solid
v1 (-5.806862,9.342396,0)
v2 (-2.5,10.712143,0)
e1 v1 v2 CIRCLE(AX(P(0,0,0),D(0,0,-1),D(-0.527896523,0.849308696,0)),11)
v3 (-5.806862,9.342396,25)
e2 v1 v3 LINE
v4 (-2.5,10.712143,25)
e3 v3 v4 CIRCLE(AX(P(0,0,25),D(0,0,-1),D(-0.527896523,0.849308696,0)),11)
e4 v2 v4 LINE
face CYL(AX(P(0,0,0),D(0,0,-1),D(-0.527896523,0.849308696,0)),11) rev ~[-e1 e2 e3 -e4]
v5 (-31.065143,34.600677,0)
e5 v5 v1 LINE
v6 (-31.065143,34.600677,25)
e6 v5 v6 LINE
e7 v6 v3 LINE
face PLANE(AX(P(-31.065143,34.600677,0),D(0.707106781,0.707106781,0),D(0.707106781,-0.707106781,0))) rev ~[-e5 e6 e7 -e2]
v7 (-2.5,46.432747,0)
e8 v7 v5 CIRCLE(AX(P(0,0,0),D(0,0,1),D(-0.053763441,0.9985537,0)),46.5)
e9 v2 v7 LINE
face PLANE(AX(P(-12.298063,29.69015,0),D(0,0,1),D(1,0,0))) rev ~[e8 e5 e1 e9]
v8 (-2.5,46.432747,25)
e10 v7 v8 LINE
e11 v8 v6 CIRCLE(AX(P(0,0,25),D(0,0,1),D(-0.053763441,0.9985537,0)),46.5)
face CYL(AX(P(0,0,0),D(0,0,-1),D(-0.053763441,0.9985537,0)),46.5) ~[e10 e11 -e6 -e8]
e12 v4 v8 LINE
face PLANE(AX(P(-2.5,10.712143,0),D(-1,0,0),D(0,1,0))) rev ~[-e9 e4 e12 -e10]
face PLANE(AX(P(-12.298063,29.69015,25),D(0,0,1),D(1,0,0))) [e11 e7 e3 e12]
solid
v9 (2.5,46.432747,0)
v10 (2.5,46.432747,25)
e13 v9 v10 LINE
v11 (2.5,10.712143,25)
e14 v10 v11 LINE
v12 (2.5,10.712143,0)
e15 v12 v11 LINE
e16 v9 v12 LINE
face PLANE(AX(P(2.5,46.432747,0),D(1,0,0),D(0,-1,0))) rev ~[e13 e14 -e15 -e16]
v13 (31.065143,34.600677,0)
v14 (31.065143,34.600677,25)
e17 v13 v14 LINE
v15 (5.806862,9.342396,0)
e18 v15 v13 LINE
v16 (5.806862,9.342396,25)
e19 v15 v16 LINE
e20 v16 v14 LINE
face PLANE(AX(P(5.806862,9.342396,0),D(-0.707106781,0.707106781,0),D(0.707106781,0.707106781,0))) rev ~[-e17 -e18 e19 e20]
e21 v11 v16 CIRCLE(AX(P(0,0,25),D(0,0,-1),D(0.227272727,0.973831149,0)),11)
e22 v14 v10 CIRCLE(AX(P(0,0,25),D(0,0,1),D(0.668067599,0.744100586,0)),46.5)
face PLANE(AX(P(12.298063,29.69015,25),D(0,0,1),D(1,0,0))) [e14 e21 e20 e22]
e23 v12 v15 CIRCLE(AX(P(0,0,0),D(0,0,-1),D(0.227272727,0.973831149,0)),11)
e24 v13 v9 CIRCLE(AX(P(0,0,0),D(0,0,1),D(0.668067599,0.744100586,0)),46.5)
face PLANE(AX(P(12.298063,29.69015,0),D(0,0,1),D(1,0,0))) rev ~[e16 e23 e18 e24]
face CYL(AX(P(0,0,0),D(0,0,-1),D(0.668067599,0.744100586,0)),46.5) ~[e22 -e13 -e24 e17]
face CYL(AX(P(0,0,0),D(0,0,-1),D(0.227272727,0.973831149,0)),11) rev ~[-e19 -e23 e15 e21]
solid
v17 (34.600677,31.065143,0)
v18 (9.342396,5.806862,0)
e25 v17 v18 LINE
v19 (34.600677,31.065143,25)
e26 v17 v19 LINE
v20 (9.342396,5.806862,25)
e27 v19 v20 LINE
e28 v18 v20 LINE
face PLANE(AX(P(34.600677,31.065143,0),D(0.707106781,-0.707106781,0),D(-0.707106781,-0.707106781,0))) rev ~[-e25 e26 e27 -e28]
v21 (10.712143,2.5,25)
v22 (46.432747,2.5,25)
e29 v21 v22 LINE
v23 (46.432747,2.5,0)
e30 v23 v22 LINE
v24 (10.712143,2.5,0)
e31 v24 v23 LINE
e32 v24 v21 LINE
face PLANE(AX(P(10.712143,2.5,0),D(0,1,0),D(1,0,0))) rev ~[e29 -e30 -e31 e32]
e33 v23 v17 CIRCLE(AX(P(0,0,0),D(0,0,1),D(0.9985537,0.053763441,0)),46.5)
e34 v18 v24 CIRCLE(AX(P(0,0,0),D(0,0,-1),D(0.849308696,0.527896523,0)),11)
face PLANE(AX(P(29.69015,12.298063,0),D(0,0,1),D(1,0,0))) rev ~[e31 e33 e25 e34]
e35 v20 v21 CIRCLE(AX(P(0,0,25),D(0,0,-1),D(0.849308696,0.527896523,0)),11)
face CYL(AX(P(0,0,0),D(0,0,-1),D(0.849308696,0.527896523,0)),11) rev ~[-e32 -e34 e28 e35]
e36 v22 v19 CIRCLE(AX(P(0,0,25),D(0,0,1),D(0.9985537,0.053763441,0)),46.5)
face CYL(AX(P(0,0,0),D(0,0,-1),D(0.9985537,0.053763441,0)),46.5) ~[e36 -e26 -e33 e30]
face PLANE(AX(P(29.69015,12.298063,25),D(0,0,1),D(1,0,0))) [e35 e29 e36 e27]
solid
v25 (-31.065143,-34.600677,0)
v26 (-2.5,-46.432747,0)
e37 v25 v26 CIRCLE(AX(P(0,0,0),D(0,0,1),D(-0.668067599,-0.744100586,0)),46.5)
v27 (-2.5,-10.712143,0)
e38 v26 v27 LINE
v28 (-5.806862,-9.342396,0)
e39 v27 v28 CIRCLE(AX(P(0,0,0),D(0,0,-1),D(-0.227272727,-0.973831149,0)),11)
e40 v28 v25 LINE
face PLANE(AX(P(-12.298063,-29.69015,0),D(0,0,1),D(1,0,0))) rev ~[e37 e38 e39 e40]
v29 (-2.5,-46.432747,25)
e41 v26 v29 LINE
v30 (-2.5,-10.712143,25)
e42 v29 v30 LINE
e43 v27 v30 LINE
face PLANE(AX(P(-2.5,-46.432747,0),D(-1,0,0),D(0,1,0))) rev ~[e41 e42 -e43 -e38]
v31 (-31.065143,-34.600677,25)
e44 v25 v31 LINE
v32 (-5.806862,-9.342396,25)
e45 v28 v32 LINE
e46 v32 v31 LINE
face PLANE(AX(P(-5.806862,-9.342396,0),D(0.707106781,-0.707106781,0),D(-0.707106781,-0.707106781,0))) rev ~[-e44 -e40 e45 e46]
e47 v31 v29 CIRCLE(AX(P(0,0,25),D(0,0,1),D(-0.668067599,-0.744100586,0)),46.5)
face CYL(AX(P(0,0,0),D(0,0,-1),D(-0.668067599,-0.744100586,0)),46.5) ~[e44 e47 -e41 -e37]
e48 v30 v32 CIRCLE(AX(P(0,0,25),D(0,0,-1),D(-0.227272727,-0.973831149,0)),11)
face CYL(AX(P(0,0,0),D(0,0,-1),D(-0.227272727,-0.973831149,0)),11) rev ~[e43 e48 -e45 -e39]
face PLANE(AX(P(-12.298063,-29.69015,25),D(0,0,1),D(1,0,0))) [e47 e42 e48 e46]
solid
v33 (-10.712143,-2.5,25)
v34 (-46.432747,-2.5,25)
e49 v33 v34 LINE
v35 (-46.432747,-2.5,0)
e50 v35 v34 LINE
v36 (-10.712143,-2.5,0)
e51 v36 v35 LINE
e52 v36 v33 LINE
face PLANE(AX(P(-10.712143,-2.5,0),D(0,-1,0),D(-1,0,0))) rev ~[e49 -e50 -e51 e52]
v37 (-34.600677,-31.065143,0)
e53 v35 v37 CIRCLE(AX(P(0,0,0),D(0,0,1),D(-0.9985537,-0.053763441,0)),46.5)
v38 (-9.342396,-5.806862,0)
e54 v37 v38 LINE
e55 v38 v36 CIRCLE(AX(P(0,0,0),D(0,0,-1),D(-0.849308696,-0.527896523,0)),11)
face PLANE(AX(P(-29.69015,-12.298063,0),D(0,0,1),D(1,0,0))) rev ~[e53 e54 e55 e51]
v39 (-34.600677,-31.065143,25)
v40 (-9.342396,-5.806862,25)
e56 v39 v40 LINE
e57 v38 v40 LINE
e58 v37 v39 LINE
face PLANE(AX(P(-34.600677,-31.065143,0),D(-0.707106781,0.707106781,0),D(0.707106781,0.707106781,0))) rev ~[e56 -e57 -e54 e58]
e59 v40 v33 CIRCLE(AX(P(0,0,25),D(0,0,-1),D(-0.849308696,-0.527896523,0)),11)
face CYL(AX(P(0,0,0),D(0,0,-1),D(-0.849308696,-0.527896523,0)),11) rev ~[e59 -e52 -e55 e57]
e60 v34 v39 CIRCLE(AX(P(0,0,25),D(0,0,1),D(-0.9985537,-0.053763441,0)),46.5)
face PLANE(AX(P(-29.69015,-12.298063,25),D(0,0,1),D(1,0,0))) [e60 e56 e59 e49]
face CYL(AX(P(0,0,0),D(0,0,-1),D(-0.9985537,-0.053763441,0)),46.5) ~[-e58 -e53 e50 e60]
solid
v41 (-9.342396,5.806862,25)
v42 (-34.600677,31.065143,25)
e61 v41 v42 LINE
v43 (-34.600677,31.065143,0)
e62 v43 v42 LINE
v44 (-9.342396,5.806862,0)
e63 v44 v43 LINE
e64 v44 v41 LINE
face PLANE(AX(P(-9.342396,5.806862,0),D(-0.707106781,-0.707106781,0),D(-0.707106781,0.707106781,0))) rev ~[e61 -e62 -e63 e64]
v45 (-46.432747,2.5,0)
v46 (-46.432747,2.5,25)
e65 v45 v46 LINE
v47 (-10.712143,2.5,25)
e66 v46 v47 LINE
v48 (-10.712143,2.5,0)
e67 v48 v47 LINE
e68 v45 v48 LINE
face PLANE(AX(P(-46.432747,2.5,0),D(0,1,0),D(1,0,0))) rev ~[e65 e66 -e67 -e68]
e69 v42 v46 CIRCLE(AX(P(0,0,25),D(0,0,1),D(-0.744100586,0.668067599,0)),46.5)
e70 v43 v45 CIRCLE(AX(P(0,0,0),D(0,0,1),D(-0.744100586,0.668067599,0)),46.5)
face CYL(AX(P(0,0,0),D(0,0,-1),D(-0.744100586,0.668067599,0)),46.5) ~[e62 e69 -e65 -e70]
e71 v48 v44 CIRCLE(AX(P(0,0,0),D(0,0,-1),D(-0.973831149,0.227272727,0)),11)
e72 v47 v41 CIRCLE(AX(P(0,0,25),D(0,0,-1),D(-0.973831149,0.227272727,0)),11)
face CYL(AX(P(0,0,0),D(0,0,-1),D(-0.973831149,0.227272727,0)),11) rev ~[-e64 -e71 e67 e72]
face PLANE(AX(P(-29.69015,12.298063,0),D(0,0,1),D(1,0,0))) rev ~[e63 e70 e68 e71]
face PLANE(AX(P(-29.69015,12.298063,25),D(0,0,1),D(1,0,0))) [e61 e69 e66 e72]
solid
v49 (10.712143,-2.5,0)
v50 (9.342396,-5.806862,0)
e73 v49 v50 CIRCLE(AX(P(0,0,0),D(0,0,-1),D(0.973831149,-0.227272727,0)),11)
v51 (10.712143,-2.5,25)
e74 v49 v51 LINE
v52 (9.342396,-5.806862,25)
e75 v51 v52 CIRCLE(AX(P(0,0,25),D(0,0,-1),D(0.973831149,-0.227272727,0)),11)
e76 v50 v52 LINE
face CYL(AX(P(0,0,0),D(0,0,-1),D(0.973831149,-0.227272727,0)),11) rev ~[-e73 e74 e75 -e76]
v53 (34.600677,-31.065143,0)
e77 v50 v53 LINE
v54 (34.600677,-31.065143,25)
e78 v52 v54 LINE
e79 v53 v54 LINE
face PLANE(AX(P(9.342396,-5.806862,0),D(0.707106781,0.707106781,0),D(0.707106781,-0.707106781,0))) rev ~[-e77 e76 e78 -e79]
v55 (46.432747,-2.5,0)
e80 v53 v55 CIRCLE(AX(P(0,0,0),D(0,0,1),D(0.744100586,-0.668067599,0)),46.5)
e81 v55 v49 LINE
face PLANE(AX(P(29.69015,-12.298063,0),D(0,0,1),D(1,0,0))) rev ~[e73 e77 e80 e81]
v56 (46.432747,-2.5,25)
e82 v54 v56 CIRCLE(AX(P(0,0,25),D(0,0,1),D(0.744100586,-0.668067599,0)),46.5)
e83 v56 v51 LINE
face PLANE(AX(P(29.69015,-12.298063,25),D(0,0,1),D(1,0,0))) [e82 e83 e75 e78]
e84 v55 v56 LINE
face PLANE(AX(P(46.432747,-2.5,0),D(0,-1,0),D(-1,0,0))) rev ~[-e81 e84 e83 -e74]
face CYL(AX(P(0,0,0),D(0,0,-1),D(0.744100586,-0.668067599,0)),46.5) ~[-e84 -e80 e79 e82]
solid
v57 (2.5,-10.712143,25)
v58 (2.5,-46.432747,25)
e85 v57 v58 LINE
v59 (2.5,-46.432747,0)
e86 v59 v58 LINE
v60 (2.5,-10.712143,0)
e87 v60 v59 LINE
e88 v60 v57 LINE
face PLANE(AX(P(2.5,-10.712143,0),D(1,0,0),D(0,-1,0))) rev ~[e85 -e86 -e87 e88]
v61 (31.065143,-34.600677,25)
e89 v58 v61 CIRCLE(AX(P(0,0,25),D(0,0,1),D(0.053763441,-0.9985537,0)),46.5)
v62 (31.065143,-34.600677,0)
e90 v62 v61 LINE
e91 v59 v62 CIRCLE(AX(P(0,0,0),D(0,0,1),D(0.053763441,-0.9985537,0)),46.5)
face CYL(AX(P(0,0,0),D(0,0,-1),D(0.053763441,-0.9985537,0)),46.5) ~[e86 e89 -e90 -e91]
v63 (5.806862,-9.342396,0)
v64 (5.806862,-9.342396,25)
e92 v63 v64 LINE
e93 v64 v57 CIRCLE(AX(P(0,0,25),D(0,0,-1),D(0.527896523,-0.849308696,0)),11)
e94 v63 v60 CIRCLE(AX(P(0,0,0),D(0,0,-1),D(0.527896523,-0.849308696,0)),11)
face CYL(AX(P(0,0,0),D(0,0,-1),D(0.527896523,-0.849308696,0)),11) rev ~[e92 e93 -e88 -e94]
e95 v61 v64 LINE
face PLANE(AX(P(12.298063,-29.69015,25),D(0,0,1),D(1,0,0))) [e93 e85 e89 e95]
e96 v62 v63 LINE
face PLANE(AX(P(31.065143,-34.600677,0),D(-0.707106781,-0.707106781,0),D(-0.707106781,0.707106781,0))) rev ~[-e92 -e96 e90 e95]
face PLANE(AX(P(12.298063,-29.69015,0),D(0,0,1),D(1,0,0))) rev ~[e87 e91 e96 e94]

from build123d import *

# Parameters (mm, degrees)
F1_DEPTH = 25


with BuildPart() as f1:
    # F0 (on Top) → F1 (new body)
    with BuildSketch(Plane.XY):
        with BuildLine():
            Line((-9.3423956567, 5.8068617508), (-34.6006772717, 31.0651433658))
            ThreePointArc((-34.6006772717, 31.0651433658), (-42.9603982618, 17.794779605), (-46.432747065, 2.5))
            Line((-46.432747065, 2.5), (-10.7121426428, 2.5))
            ThreePointArc((-10.7121426428, 2.5), (-10.1626748576, 4.209517756), (-9.3423956567, 5.8068617508))
        make_face()
    extrude(amount=F1_DEPTH)


with BuildPart() as f1b:
    # F0 (on Top) → F1, piece 2 (new body)
    with BuildSketch(Plane.XY):
        with BuildLine():
            Line((-2.5, 10.7121426428), (-2.5, 46.432747065))
            ThreePointArc((-2.5, 46.432747065), (-17.794779605, 42.9603982618), (-31.0651433658, 34.6006772717))
            Line((-31.0651433658, 34.6006772717), (-5.8068617508, 9.3423956567))
            ThreePointArc((-5.8068617508, 9.3423956567), (-4.209517756, 10.1626748576), (-2.5, 10.7121426428))
        make_face()
    extrude(amount=F1_DEPTH)


with BuildPart() as f1c:
    # F0 (on Top) → F1, piece 3 (new body)
    with BuildSketch(Plane.XY):
        with BuildLine():
            Line((5.8068617508, 9.3423956567), (31.0651433658, 34.6006772717))
            ThreePointArc((31.0651433658, 34.6006772717), (17.794779605, 42.9603982618), (2.5, 46.432747065))
            Line((2.5, 46.432747065), (2.5, 10.7121426428))
            ThreePointArc((2.5, 10.7121426428), (4.209517756, 10.1626748576), (5.8068617508, 9.3423956567))
        make_face()
    extrude(amount=F1_DEPTH)


with BuildPart() as f1d:
    # F0 (on Top) → F1, piece 4 (new body)
    with BuildSketch(Plane.XY):
        with BuildLine():
            Line((10.7121426428, 2.5), (46.432747065, 2.5))
            ThreePointArc((46.432747065, 2.5), (42.9603982618, 17.794779605), (34.6006772717, 31.0651433658))
            Line((34.6006772717, 31.0651433658), (9.3423956567, 5.8068617508))
            ThreePointArc((9.3423956567, 5.8068617508), (10.1626748576, 4.209517756), (10.7121426428, 2.5))
        make_face()
    extrude(amount=F1_DEPTH)


with BuildPart() as f1e:
    # F0 (on Top) → F1, piece 5 (new body)
    with BuildSketch(Plane.XY):
        with BuildLine():
            ThreePointArc((34.6006772717, -31.0651433658), (42.9603982618, -17.794779605), (46.432747065, -2.5))
            Line((46.432747065, -2.5), (10.7121426428, -2.5))
            ThreePointArc((10.7121426428, -2.5), (10.1626748576, -4.209517756), (9.3423956567, -5.8068617508))
            Line((9.3423956567, -5.8068617508), (34.6006772717, -31.0651433658))
        make_face()
    extrude(amount=F1_DEPTH)


with BuildPart() as f1f:
    # F0 (on Top) → F1, piece 6 (new body)
    with BuildSketch(Plane.XY):
        with BuildLine():
            ThreePointArc((2.5, -46.432747065), (17.794779605, -42.9603982618), (31.0651433658, -34.6006772717))
            Line((31.0651433658, -34.6006772717), (5.8068617508, -9.3423956567))
            ThreePointArc((5.8068617508, -9.3423956567), (4.209517756, -10.1626748576), (2.5, -10.7121426428))
            Line((2.5, -10.7121426428), (2.5, -46.432747065))
        make_face()
    extrude(amount=F1_DEPTH)


with BuildPart() as f1g:
    # F0 (on Top) → F1, piece 7 (new body)
    with BuildSketch(Plane.XY):
        with BuildLine():
            ThreePointArc((-31.0651433658, -34.6006772717), (-17.794779605, -42.9603982618), (-2.5, -46.432747065))
            Line((-2.5, -46.432747065), (-2.5, -10.7121426428))
            ThreePointArc((-2.5, -10.7121426428), (-4.209517756, -10.1626748576), (-5.8068617508, -9.3423956567))
            Line((-5.8068617508, -9.3423956567), (-31.0651433658, -34.6006772717))
        make_face()
    extrude(amount=F1_DEPTH)


with BuildPart() as f1h:
    # F0 (on Top) → F1, piece 8 (new body)
    with BuildSketch(Plane.XY):
        with BuildLine():
            ThreePointArc((-46.432747065, -2.5), (-42.9603982618, -17.794779605), (-34.6006772717, -31.0651433658))
            Line((-34.6006772717, -31.0651433658), (-9.3423956567, -5.8068617508))
            ThreePointArc((-9.3423956567, -5.8068617508), (-10.1626748576, -4.209517756), (-10.7121426428, -2.5))
            Line((-10.7121426428, -2.5), (-46.432747065, -2.5))
        make_face()
    extrude(amount=F1_DEPTH)


solid = Compound([f1.part, f1b.part, f1c.part, f1d.part, f1e.part, f1f.part, f1g.part, f1h.part])
